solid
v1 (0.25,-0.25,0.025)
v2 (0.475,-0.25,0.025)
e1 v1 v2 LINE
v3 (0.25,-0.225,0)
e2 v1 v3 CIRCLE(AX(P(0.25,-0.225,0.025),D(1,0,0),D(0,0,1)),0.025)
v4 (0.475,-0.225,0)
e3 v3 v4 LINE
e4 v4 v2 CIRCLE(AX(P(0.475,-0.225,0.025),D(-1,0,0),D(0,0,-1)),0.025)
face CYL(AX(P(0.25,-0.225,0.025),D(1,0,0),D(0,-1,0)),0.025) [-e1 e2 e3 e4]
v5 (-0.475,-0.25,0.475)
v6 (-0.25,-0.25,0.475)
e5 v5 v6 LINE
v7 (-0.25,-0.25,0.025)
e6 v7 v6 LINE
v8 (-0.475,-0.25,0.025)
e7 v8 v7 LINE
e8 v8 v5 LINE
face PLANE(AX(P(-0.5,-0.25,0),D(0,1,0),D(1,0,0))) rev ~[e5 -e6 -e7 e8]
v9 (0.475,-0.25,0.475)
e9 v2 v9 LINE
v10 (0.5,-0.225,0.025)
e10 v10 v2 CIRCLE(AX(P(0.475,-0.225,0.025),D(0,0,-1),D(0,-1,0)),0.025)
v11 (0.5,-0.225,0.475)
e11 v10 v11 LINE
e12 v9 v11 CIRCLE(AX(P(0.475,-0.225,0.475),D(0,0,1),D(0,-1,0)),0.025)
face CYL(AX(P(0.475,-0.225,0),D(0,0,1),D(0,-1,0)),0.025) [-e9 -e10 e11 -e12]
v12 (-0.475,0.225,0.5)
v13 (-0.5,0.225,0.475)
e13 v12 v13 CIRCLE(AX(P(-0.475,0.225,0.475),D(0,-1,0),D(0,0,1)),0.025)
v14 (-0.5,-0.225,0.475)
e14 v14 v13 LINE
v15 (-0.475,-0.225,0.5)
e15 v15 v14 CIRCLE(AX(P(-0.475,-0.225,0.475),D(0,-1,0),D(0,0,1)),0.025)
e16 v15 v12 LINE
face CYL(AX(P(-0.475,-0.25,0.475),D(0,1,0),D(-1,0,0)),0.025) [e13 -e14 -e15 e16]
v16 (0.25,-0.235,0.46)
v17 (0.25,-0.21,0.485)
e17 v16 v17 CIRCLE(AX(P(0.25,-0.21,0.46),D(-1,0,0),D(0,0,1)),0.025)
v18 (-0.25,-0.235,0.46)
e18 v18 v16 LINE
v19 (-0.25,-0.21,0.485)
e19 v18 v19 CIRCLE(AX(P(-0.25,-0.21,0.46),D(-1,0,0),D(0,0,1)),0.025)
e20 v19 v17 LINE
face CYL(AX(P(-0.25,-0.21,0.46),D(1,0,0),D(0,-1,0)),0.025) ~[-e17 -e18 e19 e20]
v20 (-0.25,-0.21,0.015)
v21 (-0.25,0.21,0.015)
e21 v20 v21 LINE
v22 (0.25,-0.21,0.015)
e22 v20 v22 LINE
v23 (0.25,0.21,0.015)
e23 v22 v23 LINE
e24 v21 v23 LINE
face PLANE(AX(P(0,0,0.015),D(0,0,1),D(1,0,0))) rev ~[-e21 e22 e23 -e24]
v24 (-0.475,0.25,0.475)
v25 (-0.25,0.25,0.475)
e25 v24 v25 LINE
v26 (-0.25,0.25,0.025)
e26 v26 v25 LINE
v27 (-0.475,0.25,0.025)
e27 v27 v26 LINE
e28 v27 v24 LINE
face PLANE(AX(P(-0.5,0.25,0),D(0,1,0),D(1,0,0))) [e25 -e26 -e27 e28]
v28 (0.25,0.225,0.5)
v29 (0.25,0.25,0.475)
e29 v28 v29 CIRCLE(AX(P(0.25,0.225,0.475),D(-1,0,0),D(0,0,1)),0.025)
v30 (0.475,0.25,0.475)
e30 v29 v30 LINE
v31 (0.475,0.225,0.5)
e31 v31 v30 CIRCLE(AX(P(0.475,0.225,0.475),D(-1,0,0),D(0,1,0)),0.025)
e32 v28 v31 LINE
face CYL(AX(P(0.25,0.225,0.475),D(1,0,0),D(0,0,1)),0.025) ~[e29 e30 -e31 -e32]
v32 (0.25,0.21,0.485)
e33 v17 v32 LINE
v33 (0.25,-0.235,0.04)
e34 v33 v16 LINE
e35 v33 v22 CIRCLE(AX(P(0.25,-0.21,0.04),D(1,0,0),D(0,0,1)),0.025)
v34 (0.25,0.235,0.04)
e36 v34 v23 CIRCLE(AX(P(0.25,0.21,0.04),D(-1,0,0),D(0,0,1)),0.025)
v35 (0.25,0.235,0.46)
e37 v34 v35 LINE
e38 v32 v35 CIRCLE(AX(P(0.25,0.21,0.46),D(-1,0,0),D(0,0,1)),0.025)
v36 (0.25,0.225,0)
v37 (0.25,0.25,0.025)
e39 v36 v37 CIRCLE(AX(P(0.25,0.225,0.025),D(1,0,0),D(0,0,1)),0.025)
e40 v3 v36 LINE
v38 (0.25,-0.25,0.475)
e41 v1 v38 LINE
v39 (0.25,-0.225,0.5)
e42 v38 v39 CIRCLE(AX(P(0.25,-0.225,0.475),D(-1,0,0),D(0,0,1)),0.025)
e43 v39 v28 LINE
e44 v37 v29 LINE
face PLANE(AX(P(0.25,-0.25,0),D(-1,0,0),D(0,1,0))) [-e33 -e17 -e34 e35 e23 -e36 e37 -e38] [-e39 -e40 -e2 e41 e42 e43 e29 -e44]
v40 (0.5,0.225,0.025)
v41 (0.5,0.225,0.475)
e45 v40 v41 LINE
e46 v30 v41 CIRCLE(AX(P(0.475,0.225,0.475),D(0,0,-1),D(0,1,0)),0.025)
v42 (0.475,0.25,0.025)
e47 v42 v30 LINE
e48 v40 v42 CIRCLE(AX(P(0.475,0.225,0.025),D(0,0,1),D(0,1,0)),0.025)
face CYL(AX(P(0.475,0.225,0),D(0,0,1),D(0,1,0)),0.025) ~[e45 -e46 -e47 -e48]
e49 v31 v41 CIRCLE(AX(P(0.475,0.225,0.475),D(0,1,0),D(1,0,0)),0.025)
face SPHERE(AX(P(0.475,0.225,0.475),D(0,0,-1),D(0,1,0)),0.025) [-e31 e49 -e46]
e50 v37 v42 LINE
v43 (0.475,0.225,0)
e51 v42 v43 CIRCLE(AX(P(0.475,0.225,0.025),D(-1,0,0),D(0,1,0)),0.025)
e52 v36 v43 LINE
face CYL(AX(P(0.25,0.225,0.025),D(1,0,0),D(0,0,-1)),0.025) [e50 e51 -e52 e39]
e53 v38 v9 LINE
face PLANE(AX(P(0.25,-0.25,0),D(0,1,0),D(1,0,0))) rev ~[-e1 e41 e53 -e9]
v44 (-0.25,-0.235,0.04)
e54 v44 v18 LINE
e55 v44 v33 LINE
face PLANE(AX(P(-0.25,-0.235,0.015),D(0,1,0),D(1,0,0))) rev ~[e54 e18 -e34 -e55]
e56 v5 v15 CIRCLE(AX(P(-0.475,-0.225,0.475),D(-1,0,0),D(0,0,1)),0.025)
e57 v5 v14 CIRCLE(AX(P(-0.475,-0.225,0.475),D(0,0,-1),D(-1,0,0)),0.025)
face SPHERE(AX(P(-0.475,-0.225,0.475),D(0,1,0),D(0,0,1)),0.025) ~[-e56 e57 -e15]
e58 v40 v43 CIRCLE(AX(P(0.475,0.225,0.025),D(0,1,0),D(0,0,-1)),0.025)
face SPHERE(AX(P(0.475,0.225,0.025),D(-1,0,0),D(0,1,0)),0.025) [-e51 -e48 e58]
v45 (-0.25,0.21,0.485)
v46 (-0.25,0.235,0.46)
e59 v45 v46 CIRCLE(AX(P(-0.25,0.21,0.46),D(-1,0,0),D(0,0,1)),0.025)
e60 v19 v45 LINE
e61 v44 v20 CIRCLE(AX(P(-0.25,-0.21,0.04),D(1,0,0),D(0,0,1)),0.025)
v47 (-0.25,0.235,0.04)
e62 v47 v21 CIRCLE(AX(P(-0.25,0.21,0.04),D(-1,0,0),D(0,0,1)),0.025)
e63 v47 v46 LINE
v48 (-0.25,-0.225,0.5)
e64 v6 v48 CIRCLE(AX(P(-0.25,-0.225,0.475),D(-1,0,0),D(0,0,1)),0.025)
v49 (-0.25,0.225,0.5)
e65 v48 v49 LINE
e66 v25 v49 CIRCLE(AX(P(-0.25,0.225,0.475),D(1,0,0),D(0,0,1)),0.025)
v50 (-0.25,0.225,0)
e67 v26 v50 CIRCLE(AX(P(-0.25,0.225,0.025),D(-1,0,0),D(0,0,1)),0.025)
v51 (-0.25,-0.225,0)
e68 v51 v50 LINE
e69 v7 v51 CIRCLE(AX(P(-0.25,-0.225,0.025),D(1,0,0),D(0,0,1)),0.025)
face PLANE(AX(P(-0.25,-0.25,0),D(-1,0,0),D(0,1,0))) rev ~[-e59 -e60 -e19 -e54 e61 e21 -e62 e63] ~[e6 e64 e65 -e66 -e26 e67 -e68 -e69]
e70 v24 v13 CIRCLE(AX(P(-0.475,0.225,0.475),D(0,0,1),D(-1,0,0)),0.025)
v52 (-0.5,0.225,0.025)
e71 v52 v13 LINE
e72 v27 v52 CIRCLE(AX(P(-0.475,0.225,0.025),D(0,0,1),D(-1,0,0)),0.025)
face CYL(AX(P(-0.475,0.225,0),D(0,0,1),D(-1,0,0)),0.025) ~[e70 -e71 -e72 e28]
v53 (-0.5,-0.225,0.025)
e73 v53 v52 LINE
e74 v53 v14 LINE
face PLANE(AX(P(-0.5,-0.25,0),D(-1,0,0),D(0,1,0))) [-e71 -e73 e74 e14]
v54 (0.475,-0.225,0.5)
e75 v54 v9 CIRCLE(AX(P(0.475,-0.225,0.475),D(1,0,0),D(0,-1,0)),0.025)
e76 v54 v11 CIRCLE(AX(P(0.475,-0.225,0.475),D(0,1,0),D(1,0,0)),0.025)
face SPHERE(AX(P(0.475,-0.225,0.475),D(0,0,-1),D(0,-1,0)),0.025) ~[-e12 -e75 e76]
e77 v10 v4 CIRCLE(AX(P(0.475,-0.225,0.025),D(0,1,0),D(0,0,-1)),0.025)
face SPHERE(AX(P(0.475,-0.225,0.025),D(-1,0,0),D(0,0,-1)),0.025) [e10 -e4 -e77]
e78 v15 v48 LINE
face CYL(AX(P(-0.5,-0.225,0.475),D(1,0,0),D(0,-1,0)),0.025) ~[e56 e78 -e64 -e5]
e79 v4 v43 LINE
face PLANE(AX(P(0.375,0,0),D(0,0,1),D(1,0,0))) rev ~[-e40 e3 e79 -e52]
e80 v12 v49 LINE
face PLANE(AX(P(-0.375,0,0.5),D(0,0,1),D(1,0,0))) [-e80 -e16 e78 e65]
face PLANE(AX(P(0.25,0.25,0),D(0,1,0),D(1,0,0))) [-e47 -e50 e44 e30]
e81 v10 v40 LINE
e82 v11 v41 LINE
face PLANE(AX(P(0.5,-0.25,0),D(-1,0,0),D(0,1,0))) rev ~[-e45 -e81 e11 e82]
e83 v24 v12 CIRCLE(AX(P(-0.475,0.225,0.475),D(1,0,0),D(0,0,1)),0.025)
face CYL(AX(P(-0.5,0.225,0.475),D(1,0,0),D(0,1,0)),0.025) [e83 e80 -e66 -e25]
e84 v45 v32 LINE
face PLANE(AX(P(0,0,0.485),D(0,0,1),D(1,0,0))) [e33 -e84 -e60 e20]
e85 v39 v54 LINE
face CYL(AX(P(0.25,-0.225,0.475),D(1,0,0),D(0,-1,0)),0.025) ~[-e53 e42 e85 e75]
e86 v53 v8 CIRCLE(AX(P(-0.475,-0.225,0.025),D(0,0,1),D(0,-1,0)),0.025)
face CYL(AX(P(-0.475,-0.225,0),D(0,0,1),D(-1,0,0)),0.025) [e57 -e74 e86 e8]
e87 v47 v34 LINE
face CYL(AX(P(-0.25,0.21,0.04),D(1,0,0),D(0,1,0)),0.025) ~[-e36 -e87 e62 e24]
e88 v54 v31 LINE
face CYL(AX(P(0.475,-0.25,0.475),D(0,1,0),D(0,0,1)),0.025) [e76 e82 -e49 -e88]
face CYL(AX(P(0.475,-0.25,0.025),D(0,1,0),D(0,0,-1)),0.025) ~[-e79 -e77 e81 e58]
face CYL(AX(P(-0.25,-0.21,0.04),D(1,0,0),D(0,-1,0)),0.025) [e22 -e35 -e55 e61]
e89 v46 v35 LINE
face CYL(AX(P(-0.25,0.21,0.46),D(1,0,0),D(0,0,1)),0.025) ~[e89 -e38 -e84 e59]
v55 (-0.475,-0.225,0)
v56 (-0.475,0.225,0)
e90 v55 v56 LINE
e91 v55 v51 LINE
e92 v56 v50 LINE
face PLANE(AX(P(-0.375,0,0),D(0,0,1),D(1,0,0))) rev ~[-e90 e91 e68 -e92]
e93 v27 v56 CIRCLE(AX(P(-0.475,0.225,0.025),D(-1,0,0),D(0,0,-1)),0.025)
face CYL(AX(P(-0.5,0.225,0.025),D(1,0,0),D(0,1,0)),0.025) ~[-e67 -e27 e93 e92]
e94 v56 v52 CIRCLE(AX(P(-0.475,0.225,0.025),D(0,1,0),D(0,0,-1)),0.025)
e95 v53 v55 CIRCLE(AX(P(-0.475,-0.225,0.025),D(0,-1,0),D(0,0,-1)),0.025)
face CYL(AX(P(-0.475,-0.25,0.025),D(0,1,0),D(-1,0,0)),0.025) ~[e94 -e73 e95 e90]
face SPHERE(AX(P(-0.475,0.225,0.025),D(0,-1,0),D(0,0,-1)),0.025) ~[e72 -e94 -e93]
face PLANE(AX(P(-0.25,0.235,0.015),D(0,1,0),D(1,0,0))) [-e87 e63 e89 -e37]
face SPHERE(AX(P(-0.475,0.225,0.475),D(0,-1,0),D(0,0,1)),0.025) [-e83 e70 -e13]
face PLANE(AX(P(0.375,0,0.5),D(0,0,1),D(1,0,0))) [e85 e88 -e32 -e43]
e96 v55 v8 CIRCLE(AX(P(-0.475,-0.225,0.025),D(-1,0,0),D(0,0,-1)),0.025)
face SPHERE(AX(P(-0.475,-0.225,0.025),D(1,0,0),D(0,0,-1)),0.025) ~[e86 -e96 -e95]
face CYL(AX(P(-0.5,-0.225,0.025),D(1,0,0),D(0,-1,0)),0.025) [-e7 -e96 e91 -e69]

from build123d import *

# Parameters (mm, degrees)
SKETCH_3_W        = 0.25
SKETCH_3_H        = 0.5
EXTRUDE_3_DEPTH   = 0.5
EXTRUDE_3_2_DEPTH = 0.5
EXTRUDE_START     = 0.015
SKETCH_4_W        = 0.5
SKETCH_4_H        = 0.47
EXTRUDE_3_3_DEPTH = 0.47
FILLET_2_R        = 0.025
FILLET_3_R        = 0.025


with BuildPart() as part:
    # Эскиз3 → Extrude 3 (new body)
    with BuildSketch(Plane.XY):
        with Locations((0.375, 0)):
            Rectangle(SKETCH_3_W, SKETCH_3_H)
    extrude(amount=EXTRUDE_3_DEPTH)



with BuildPart() as body_2:
    # Эскиз3 → Extrude 3 2 (new body)
    with BuildSketch(Plane.XY):
        with Locations((-0.375, 0)):
            Rectangle(SKETCH_3_W, SKETCH_3_H)
    extrude(amount=EXTRUDE_3_2_DEPTH)


with BuildPart() as part_1:
    add(part.part)

    add(body_2.part)  # Extrude 3 3 merges body 2
    # Эскиз4 → Extrude 3 3 (add)
    with BuildSketch(Plane.XY.offset(EXTRUDE_START)):
        Rectangle(SKETCH_4_W, SKETCH_4_H)
    extrude(amount=EXTRUDE_3_3_DEPTH)

    # Скругление2
    fillet_2_edges = [part_1.edges().sort_by_distance(p)[0] for p in [
        (-0.5, 0, 0.5),
        (-0.375, -0.25, 0.5),
        (0.375, 0.25, 0),
        (0.5, 0.25, 0.25),
        (0.375, -0.25, 0),
        (0.5, 0, 0),
        (0.5, -0.25, 0.25),
        (0.375, 0.25, 0.5),
        (0.375, -0.25, 0.5),
        (0.5, 0, 0.5),
        (-0.375, -0.25, 0),
        (-0.5, 0, 0),
        (-0.375, 0.25, 0),
        (-0.375, 0.25, 0.5),
        (-0.5, -0.25, 0.25),
        (-0.5, 0.25, 0.25),
    ]]
    fillet(fillet_2_edges, radius=FILLET_2_R)

    # Скругление3
    fillet_3_edges = [part_1.edges().sort_by_distance(p)[0] for p in [
        (0, -0.235, 0.015),
        (0, 0.235, 0.015),
        (0, 0.235, 0.485),
        (0, -0.235, 0.485),
    ]]
    fillet(fillet_3_edges, radius=FILLET_3_R)


solid = part_1.part
